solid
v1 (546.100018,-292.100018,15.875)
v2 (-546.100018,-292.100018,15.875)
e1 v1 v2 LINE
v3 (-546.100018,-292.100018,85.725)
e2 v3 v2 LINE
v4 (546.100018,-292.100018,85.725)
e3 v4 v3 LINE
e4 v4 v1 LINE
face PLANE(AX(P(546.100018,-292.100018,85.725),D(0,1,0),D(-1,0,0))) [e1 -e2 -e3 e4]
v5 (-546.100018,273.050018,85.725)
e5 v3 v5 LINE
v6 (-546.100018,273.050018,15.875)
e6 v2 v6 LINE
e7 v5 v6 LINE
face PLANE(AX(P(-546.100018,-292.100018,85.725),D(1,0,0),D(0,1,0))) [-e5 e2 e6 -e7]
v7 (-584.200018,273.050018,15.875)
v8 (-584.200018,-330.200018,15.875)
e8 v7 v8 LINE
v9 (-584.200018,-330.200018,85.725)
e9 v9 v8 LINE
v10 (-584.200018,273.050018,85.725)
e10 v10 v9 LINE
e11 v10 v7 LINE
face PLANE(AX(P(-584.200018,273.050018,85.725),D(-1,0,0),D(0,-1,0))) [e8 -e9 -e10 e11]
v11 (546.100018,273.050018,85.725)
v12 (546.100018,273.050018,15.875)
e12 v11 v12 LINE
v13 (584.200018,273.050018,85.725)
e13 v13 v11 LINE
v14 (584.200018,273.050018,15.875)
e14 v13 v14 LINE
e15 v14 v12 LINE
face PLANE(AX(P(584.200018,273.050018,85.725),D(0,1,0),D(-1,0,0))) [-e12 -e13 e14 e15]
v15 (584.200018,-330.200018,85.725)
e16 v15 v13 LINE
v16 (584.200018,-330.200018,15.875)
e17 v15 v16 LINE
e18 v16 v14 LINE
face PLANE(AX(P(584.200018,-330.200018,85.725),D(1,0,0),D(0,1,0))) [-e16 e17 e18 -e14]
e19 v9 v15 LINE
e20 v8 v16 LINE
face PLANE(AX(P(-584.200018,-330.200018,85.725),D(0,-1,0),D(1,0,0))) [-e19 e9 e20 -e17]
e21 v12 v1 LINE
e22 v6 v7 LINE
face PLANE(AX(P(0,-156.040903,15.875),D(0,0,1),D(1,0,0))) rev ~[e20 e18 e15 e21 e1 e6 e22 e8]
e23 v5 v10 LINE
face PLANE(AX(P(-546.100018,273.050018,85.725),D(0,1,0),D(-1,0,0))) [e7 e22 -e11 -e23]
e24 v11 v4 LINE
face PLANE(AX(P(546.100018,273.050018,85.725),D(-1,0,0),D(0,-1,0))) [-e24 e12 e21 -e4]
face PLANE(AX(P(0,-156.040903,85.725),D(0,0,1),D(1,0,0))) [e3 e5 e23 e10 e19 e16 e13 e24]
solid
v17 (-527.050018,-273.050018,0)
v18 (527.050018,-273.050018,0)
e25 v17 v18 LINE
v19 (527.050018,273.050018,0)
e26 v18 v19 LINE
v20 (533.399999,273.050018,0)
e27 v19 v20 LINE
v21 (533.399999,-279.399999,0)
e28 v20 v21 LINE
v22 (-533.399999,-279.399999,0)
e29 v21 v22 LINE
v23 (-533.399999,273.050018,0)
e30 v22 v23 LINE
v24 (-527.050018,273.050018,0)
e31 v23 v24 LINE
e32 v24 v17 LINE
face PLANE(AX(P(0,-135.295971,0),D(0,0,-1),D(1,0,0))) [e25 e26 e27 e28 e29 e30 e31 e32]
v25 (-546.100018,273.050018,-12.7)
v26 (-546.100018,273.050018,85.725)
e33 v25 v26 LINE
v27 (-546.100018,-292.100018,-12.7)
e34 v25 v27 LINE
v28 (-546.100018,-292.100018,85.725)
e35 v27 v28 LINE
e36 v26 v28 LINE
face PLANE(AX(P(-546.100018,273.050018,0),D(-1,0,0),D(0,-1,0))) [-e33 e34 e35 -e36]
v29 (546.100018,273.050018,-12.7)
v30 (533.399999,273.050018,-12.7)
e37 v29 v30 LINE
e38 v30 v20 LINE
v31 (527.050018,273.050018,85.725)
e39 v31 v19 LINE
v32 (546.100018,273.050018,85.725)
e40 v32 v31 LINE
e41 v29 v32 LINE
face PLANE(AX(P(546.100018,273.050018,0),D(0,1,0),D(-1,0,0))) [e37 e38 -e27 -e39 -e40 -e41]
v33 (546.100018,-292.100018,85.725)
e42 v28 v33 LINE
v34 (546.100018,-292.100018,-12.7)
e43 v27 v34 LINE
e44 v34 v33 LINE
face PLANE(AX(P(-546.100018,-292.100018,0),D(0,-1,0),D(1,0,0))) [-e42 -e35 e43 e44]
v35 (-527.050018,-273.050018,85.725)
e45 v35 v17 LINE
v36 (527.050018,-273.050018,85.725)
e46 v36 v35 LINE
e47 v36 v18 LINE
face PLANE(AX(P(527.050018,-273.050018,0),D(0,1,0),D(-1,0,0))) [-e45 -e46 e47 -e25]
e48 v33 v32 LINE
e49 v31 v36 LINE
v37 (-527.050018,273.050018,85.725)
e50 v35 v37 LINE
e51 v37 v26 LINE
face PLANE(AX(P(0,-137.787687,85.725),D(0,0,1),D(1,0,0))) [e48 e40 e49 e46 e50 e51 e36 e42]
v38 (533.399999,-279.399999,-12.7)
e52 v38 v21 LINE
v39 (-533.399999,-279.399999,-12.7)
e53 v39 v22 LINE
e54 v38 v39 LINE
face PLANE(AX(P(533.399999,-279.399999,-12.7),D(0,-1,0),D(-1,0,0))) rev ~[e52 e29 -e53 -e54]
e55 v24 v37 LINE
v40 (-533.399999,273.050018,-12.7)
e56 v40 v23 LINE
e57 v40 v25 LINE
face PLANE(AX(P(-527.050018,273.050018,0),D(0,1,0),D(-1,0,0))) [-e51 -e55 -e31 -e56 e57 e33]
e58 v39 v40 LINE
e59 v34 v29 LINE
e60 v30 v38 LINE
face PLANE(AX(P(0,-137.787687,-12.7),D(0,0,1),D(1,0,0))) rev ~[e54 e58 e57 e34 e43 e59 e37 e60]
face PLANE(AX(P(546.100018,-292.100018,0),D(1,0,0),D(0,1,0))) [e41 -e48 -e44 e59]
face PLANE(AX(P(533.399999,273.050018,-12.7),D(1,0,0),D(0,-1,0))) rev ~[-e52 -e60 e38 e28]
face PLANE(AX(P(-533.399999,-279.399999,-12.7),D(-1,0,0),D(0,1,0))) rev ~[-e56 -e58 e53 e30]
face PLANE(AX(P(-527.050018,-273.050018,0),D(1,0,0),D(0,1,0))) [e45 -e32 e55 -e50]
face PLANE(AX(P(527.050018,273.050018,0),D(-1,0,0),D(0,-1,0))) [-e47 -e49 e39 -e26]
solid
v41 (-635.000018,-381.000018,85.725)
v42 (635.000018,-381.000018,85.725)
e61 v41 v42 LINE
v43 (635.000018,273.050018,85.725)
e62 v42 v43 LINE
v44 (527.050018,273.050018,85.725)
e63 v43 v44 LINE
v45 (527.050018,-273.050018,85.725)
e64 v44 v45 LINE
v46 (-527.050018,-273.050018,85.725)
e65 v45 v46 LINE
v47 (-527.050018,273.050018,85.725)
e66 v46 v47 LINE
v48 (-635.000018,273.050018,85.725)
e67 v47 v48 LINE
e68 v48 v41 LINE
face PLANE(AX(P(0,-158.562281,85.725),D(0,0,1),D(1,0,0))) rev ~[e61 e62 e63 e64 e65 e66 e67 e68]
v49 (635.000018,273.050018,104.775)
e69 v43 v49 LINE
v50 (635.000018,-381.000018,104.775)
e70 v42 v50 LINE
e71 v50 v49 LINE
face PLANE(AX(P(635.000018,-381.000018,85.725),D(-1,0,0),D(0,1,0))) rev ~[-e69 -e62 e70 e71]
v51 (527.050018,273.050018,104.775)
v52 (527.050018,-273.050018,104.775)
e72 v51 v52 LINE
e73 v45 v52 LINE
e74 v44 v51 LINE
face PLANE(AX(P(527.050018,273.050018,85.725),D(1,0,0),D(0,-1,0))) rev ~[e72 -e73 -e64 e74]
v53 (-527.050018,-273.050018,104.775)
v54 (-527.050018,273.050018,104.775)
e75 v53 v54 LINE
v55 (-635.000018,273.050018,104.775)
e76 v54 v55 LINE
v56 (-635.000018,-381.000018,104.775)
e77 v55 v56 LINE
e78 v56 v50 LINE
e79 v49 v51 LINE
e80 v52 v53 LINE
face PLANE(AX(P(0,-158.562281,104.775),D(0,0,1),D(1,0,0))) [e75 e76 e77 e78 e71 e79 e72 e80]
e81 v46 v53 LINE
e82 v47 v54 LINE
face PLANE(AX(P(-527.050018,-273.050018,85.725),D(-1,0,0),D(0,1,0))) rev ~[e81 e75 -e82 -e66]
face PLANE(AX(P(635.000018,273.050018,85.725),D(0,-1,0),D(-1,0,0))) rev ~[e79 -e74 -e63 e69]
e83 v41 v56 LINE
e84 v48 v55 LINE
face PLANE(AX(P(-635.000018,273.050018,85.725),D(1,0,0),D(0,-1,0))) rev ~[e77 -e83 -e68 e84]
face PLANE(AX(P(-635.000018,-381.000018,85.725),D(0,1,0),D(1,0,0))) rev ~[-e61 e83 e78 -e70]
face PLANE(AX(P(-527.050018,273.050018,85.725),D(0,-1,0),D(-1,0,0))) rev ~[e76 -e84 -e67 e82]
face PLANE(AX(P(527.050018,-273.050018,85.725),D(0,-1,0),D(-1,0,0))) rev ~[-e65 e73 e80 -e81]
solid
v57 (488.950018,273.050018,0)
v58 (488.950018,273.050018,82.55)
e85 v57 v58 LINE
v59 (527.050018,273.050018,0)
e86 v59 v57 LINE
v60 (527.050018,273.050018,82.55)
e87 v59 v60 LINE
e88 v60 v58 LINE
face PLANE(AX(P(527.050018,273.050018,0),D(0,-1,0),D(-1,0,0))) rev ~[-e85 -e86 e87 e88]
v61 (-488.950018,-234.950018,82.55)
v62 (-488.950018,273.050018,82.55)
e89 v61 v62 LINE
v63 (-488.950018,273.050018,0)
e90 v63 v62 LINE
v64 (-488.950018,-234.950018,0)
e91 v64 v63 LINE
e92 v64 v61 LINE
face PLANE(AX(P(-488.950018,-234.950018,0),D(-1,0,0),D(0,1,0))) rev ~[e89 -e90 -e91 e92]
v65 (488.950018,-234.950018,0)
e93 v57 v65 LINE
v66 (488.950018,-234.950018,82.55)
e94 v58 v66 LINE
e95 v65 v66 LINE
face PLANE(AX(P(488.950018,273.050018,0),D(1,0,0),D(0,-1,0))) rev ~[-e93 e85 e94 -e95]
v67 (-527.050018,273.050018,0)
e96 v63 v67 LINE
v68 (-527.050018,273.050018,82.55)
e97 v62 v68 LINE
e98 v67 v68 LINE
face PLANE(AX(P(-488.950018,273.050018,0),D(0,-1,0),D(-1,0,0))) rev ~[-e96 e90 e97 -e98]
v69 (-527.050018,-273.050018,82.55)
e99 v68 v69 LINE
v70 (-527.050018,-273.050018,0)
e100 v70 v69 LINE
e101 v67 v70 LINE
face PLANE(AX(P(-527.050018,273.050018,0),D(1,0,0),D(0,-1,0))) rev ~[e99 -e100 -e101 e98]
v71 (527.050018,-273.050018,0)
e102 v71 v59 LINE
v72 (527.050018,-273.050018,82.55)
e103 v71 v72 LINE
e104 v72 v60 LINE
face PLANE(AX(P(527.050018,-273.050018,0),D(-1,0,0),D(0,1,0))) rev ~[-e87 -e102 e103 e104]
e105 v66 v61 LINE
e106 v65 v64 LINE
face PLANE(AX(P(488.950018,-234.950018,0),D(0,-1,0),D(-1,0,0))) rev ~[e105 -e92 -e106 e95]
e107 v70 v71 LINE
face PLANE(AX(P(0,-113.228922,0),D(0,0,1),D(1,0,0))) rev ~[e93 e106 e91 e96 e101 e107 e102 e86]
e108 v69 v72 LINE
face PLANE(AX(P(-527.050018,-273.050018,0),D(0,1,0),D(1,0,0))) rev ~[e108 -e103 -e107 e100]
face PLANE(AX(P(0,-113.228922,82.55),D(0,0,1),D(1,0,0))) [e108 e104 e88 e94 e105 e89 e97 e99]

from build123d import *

# Parameters (mm, degrees)
F2_DEPTH  = 82.55
F4_DEPTH  = 85.725
F5_DEPTH  = 12.7
F7_DEPTH  = 12.7
F9_DEPTH  = 69.85
F11_DEPTH = 19.05


with BuildPart() as f2:
    # F1 (on face) → F2 (new body)
    with BuildSketch(Plane.XY):
        Polygon((-527.0500183105, -273.0500183105), (527.0500183105, -273.0500183105), (527.0500183105, 273.0500183105), (488.9500183105, 273.0500183105), (488.9500183105, 234.9500183105), (488.9500183105, -234.9500183105), (-488.9500183105, -234.9500183105), (-488.9500183105, 234.9500183105), (-488.9500183105, 273.0500183105), (-527.0500183105, 273.0500183105), align=None)
    extrude(amount=F2_DEPTH)


with BuildPart() as f4:
    # F3 (on Top) → F4 (new body)
    with BuildSketch(Plane.XY):
        Polygon((-527.0500183105, -273.0500183105), (-527.0500183105, 273.0500183105), (-546.1000183105, 273.0500183105), (-546.1000183105, -292.1000183105), (546.1000183105, -292.1000183105), (546.1000183105, 273.0500183105), (527.0500183105, 273.0500183105), (527.0500183105, -273.0500183105), align=None)
    extrude(amount=F4_DEPTH)

    # F5 (add): a face of the model
    f5_faces = [f4.faces().sort_by_distance(p)[0] for p in [
        (0, -285.3475606825, 0),
    ]]
    extrude(f5_faces, amount=F5_DEPTH)

    # F6 (on face) → F7 (cut)
    with BuildSketch(Plane(origin=(0, 0, -12.7), x_dir=(1, 0, 0), z_dir=(0, 0, -1))):
        Polygon((533.3999991417, -273.0500183105), (533.3999991417, 279.3999991417), (-533.3999991417, 279.3999991417), (-533.3999991417, -273.0500183105), (-527.0500183105, -273.0500183105), (-527.0500183105, 273.0500183105), (527.0500183105, 273.0500183105), (527.0500183105, -273.0500183105), align=None)
    extrude(amount=-F7_DEPTH, mode=Mode.SUBTRACT)


with BuildPart() as f9:
    # F8 (on face) → F9 (new body)
    with BuildSketch(Plane.XY.offset(85.725)):
        Polygon((-546.1000183105, -292.1000183105), (-546.1000183105, 273.0500183105), (-584.2000183105, 273.0500183105), (-584.2000183105, -330.2000183105), (584.2000183105, -330.2000183105), (584.2000183105, 273.0500183105), (546.1000183105, 273.0500183105), (546.1000183105, -292.1000183105), align=None)
    extrude(amount=-F9_DEPTH)


with BuildPart() as f11:
    # F10 (on face) → F11 (new body)
    with BuildSketch(Plane.XY.offset(85.725)):
        Polygon((-635.0000183105, -381.0000183105), (635.0000183105, -381.0000183105), (635.0000183105, 273.0500183105), (527.0500183105, 273.0500183105), (527.0500183105, -273.0500183105), (-527.0500183105, -273.0500183105), (-527.0500183105, 273.0500183105), (-635.0000183105, 273.0500183105), align=None)
    extrude(amount=F11_DEPTH)


solid = Compound([f2.part, f4.part, f9.part, f11.part])
